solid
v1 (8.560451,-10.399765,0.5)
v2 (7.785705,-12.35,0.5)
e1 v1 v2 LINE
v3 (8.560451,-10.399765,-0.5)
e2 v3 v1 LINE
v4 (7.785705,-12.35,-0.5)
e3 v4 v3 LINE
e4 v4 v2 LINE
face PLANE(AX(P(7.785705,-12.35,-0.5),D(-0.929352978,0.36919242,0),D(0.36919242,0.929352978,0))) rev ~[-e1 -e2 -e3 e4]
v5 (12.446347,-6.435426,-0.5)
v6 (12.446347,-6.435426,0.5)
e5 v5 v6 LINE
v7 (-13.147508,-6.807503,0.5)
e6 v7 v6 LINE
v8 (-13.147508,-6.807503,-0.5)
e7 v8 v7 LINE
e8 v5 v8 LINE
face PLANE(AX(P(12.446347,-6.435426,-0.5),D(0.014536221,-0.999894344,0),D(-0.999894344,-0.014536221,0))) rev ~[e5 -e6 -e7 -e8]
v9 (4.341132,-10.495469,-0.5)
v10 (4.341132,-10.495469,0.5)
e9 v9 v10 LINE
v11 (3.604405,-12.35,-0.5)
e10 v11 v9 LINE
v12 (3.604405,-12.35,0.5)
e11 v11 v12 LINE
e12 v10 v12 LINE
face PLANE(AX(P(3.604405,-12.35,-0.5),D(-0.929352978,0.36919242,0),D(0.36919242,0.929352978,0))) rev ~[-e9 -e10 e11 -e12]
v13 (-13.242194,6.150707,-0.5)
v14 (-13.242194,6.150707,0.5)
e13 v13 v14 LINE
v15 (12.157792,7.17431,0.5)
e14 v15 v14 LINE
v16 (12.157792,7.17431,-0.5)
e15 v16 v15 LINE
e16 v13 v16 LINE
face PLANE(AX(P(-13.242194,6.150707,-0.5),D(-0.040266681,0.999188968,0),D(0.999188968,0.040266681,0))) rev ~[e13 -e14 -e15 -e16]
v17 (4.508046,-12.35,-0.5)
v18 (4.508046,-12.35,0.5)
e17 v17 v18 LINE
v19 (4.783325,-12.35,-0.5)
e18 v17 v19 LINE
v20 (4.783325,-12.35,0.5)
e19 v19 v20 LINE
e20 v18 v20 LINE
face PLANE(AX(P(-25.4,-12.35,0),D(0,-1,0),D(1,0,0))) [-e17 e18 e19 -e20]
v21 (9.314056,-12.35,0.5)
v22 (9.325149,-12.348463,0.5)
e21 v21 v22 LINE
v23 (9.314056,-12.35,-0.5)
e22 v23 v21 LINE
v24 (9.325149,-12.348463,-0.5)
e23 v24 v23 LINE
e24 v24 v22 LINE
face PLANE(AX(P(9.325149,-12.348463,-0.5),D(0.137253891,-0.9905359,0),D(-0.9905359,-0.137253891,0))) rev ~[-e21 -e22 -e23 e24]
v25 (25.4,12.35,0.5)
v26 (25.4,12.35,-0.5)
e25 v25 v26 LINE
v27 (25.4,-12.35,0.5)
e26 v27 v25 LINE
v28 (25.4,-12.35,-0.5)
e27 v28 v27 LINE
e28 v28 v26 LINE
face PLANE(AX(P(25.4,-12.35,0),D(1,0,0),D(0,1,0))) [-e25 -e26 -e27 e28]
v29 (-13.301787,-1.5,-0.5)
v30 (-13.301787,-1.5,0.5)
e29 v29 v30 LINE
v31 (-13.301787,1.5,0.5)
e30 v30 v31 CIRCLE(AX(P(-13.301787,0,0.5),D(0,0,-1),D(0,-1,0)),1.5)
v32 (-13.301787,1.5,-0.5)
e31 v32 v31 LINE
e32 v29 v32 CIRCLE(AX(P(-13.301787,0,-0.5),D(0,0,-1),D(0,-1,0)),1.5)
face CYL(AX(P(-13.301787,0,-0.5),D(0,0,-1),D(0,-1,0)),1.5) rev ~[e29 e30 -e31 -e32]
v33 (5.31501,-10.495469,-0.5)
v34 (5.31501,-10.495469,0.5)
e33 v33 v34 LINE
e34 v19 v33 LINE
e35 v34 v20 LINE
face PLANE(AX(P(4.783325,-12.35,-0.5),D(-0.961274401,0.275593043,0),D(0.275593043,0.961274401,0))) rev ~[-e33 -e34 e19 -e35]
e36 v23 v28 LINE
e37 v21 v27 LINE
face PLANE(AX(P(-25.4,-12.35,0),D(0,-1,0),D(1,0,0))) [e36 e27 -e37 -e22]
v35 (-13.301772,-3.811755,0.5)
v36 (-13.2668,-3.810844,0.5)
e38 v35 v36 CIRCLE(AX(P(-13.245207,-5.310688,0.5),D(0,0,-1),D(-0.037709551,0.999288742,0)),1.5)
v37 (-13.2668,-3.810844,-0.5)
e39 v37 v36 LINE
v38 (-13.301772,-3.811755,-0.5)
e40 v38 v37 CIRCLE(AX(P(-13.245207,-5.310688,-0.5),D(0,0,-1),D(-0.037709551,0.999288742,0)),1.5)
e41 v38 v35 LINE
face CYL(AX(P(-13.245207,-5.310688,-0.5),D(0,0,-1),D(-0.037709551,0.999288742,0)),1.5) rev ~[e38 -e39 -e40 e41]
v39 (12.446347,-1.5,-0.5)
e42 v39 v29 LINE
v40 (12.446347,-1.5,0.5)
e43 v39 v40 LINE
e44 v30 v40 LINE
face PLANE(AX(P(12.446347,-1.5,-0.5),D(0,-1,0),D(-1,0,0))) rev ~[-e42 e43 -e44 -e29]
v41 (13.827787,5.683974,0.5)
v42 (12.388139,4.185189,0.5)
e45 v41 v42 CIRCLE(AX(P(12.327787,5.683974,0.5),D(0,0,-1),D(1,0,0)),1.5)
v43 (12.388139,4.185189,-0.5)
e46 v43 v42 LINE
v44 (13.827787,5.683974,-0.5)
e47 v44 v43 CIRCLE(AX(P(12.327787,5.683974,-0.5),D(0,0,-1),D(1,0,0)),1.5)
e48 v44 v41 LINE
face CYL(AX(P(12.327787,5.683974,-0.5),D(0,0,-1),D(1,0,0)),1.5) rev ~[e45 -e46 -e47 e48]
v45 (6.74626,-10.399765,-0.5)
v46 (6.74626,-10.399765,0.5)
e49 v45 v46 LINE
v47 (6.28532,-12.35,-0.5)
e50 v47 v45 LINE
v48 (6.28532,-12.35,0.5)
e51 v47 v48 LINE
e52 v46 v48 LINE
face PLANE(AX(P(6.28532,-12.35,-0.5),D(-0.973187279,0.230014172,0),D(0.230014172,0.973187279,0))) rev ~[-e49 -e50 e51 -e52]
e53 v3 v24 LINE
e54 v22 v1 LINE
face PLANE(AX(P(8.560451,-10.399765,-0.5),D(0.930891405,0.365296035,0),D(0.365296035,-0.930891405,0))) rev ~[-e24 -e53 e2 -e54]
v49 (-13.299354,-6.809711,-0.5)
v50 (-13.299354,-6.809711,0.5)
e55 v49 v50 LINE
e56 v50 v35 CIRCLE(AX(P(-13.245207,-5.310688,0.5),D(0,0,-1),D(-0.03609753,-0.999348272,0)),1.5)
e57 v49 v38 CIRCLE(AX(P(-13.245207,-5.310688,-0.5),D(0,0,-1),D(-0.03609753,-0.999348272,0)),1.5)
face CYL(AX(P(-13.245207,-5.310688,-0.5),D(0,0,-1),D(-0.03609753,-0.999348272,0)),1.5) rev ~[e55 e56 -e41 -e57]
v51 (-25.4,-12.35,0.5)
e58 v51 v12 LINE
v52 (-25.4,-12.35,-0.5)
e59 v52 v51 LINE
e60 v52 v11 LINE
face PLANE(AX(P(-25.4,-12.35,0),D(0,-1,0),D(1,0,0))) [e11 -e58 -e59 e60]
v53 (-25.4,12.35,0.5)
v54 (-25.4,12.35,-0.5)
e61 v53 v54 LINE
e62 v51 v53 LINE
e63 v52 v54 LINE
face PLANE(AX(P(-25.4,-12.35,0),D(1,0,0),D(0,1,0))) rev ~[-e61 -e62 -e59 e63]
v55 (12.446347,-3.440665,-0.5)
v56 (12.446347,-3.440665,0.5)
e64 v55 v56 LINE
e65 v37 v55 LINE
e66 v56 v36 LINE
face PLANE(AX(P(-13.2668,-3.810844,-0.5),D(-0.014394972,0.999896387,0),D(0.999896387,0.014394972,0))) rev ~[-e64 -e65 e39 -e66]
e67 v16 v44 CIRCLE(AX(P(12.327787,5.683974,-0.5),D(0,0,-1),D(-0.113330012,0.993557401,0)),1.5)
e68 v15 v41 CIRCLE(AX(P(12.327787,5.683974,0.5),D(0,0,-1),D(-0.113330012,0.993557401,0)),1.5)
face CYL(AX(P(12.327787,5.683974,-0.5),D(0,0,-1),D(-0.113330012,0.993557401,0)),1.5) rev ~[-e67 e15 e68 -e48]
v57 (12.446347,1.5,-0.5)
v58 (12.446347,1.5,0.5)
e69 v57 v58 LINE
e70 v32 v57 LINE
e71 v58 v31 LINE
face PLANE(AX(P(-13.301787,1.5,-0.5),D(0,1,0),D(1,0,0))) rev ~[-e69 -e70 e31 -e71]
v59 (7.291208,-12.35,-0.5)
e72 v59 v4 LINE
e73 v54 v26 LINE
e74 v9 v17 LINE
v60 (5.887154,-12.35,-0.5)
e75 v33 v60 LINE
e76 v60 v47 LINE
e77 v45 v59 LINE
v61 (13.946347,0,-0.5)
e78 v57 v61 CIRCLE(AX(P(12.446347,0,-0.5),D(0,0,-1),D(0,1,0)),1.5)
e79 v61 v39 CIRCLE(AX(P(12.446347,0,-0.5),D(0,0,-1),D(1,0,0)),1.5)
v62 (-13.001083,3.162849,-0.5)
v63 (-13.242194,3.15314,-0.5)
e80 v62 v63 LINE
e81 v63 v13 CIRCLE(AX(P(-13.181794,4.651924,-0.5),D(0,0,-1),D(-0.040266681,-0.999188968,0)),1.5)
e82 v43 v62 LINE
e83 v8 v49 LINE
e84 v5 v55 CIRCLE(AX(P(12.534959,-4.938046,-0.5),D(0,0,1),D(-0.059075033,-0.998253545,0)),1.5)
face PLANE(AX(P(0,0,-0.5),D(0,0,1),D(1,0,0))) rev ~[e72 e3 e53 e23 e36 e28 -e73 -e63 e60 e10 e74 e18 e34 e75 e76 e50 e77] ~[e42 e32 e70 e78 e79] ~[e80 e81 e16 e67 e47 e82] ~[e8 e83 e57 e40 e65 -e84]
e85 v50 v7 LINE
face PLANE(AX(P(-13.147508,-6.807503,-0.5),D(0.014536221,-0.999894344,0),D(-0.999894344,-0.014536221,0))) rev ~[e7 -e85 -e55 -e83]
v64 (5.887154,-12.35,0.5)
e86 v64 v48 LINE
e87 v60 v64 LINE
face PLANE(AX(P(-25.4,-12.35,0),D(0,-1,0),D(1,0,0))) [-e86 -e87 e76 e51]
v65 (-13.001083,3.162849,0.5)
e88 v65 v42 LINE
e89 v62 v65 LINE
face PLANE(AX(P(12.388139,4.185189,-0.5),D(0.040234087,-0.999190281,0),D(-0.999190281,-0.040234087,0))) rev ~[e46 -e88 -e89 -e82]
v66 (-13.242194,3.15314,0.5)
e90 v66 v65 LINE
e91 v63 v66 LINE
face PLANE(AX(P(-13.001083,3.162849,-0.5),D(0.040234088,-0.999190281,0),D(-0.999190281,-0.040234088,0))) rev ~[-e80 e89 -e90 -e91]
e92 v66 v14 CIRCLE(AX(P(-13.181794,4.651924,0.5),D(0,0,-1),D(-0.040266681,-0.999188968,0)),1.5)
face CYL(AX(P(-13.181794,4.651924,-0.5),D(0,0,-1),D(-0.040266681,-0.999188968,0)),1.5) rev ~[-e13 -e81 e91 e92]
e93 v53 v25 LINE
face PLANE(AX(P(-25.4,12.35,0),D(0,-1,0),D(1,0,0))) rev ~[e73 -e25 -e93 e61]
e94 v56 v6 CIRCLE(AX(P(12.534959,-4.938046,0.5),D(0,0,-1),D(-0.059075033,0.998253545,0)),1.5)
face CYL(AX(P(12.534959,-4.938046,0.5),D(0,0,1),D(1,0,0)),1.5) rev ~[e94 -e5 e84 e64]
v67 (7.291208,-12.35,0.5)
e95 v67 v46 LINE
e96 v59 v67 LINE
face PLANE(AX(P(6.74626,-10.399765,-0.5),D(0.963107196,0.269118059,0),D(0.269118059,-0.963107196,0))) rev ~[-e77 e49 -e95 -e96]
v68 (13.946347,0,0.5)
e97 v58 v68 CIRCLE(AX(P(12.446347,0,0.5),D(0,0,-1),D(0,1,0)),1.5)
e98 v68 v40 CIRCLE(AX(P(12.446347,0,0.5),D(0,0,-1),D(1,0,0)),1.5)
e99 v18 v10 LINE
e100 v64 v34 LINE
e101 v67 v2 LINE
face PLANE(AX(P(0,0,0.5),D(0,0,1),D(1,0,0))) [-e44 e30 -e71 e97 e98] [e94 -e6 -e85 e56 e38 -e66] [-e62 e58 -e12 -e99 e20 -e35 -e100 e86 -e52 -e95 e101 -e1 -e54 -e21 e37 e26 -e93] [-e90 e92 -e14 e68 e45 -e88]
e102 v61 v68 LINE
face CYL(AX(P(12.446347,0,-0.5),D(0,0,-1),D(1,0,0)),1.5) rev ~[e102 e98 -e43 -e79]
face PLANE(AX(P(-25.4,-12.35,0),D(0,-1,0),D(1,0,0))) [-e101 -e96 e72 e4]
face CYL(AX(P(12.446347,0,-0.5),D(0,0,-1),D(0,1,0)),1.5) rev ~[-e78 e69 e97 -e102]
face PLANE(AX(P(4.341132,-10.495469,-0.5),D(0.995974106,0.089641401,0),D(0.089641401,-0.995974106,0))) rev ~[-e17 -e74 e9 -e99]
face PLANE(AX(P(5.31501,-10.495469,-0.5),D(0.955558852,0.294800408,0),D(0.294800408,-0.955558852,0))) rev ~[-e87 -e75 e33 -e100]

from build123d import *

# Parameters (mm, degrees)
F0_W     = 50.8
F0_H     = 24.7
F1_DEPTH = 0.5
F2_R     = 1.5
F3_DEPTH = 25
F5_DEPTH = 25
F6_DEPTH = 25
F7_DEPTH = 25
F9_DEPTH = 25


with BuildPart() as f1:
    # F0 (on Top) → F1 (new body, symmetric)
    with BuildSketch(Plane.XY):
        Rectangle(F0_W, F0_H)
    extrude(amount=F1_DEPTH, both=True)

    # F2 (on face) → F3 (cut)
    with BuildSketch(Plane.XY.offset(0.5)):
        with Locations((12.5349592417, -4.9380455166)):
            Circle(F2_R)
    extrude(amount=-F3_DEPTH, mode=Mode.SUBTRACT)

    # F4 (on face) → F5 (cut)
    with BuildSketch(Plane(origin=(0, 0, -0.5), x_dir=(1, 0, 0), z_dir=(0, 0, -1))):
        with BuildLine():
            ThreePointArc((-13.2667996844, 3.8108435868), (-12.1922088341, 4.2424211974), (-11.7452072576, 5.3106881678))
            ThreePointArc((-11.7452072576, 5.3106881678), (-12.1505501018, 6.3362249596), (-13.147508206, 6.8075030847))
            Line((-13.147508206, 6.8075030847), (-13.2993535533, 6.8097105755))
            Line((-13.2993535533, 6.8097105755), (-13.2452072576, 5.3106881678))
            Line((-13.2452072576, 5.3106881678), (-13.3017715787, 3.8117550547))
            ThreePointArc((-13.3017715787, 3.8117550547), (-13.2842882888, 3.8111973632), (-13.2667996844, 3.8108435868))
        make_face()
        with BuildLine():
            Line((-13.2452072576, 5.3106881678), (-13.2993535533, 6.8097105755))
            ThreePointArc((-13.2993535533, 6.8097105755), (-14.7452067697, 5.3118980046), (-13.3017715787, 3.8117550547))
            Line((-13.3017715787, 3.8117550547), (-13.2452072576, 5.3106881678))
        make_face()
    extrude(amount=-F5_DEPTH, mode=Mode.SUBTRACT)

    # F4 (on face) → F6 (cut)
    with BuildSketch(Plane(origin=(0, 0, -0.5), x_dir=(1, 0, 0), z_dir=(0, 0, -1))):
        with BuildLine():
            ThreePointArc((-13.147508206, 6.8075030847), (-12.1505501018, 6.3362249596), (-11.7452072576, 5.3106881678))
            ThreePointArc((-11.7452072576, 5.3106881678), (-12.1922088341, 4.2424211974), (-13.2667996844, 3.8108435868))
            Line((-13.2667996844, 3.8108435868), (12.4463466927, 3.4406651988))
            ThreePointArc((12.4463466927, 3.4406651988), (11.0349592417, 4.9380455166), (12.4463466927, 6.4354258344))
            Line((12.4463466927, 6.4354258344), (-13.147508206, 6.8075030847))
        make_face()
    extrude(amount=-F6_DEPTH, mode=Mode.SUBTRACT)

    # F4 (on face) → F7 (cut)
    with BuildSketch(Plane(origin=(0, 0, -0.5), x_dir=(1, 0, 0), z_dir=(0, 0, -1))):
        with BuildLine():
            ThreePointArc((12.4463466927, -1.5), (13.5070068645, -1.0606601718), (13.9463466927, 0))
            ThreePointArc((13.9463466927, 0), (13.5070068645, 1.0606601718), (12.4463466927, 1.5))
            Line((12.4463466927, 1.5), (12.4463466927, -1.5))
        make_face()
        with BuildLine():
            Line((12.4463466927, -1.5), (12.4463466927, 1.5))
            ThreePointArc((12.4463466927, 1.5), (10.9463466927, 0), (12.4463466927, -1.5))
        make_face()
        with BuildLine():
            ThreePointArc((12.4463466927, -1.5), (10.9463466927, 0), (12.4463466927, 1.5))
            Line((12.4463466927, 1.5), (-13.3017869666, 1.5))
            ThreePointArc((-13.3017869666, 1.5), (-12.2411267948, 1.0606601718), (-11.8017869666, 0))
            ThreePointArc((-11.8017869666, 0), (-12.2411267948, -1.0606601718), (-13.3017869666, -1.5))
            Line((-13.3017869666, -1.5), (12.4463466927, -1.5))
        make_face()
        with BuildLine():
            ThreePointArc((-11.8017869666, 0), (-12.2411267948, 1.0606601718), (-13.3017869666, 1.5))
            Line((-13.3017869666, 1.5), (-13.3017869666, -1.5))
            ThreePointArc((-13.3017869666, -1.5), (-12.2411267948, -1.0606601718), (-11.8017869666, 0))
        make_face()
        with BuildLine():
            Line((-13.3017869666, -1.5), (-13.3017869666, 1.5))
            ThreePointArc((-13.3017869666, 1.5), (-14.8017869666, 0), (-13.3017869666, -1.5))
        make_face()
        with BuildLine():
            ThreePointArc((12.1577924413, -7.1743104644), (13.3265385473, -6.8031241581), (13.8277874587, -5.6839743633))
            ThreePointArc((13.8277874587, -5.6839743633), (13.4095745674, -4.6448705901), (12.3881385899, -4.1851889414))
            Line((12.3881385899, -4.1851889414), (12.1577924413, -7.1743104644))
        make_face()
        with BuildLine():
            Line((12.1577924413, -7.1743104644), (12.3881385899, -4.1851889414))
            ThreePointArc((12.3881385899, -4.1851889414), (10.8322215741, -5.5687238327), (12.1577924413, -7.1743104644))
        make_face()
        with BuildLine():
            ThreePointArc((12.1577924413, -7.1743104644), (10.8322215741, -5.5687238327), (12.3881385899, -4.1851889414))
            Line((12.3881385899, -4.1851889414), (-13.0010832561, -3.162848961))
            ThreePointArc((-13.0010832561, -3.162848961), (-12.0590596608, -3.6572043001), (-11.6817944423, -4.6519236627))
            ThreePointArc((-11.6817944423, -4.6519236627), (-12.1427083133, -5.733727719), (-13.2421944641, -6.1507071151))
            Line((-13.2421944641, -6.1507071151), (12.1577924413, -7.1743104644))
        make_face()
        with BuildLine():
            ThreePointArc((-11.6817944423, -4.6519236627), (-12.0590596608, -3.6572043001), (-13.0010832561, -3.162848961))
            Line((-13.0010832561, -3.162848961), (-13.2421944641, -3.1531402102))
            Line((-13.2421944641, -3.1531402102), (-13.2421944641, -6.1507071151))
            ThreePointArc((-13.2421944641, -6.1507071151), (-12.1427083133, -5.733727719), (-11.6817944423, -4.6519236627))
        make_face()
        with BuildLine():
            ThreePointArc((-13.2421944641, -3.1531402102), (-14.6817944423, -4.6519236627), (-13.2421944641, -6.1507071151))
            Line((-13.2421944641, -6.1507071151), (-13.2421944641, -3.1531402102))
        make_face()
    extrude(amount=-F7_DEPTH, mode=Mode.SUBTRACT)

    # F8 (on face) → F9 (cut)
    with BuildSketch(Plane(origin=(0, 0, -0.5), x_dir=(1, 0, 0), z_dir=(0, 0, -1))):
        Polygon((8.5604507476, 10.399765335), (9.3251494691, 12.3484628275), (9.31405598, 12.35), (7.7857054425, 12.35), align=None)
        Polygon((6.7462604493, 10.399765335), (7.2912084784, 12.35), (6.2853197637, 12.35), align=None)
        Polygon((5.3150104359, 10.4954689741), (5.8871536403, 12.35), (4.7833247403, 12.35), align=None)
        Polygon((4.5080462822, 12.35), (3.6044052231, 12.35), (4.3411315419, 10.4954689741), align=None)
    extrude(amount=-F9_DEPTH, mode=Mode.SUBTRACT)


solid = f1.part
